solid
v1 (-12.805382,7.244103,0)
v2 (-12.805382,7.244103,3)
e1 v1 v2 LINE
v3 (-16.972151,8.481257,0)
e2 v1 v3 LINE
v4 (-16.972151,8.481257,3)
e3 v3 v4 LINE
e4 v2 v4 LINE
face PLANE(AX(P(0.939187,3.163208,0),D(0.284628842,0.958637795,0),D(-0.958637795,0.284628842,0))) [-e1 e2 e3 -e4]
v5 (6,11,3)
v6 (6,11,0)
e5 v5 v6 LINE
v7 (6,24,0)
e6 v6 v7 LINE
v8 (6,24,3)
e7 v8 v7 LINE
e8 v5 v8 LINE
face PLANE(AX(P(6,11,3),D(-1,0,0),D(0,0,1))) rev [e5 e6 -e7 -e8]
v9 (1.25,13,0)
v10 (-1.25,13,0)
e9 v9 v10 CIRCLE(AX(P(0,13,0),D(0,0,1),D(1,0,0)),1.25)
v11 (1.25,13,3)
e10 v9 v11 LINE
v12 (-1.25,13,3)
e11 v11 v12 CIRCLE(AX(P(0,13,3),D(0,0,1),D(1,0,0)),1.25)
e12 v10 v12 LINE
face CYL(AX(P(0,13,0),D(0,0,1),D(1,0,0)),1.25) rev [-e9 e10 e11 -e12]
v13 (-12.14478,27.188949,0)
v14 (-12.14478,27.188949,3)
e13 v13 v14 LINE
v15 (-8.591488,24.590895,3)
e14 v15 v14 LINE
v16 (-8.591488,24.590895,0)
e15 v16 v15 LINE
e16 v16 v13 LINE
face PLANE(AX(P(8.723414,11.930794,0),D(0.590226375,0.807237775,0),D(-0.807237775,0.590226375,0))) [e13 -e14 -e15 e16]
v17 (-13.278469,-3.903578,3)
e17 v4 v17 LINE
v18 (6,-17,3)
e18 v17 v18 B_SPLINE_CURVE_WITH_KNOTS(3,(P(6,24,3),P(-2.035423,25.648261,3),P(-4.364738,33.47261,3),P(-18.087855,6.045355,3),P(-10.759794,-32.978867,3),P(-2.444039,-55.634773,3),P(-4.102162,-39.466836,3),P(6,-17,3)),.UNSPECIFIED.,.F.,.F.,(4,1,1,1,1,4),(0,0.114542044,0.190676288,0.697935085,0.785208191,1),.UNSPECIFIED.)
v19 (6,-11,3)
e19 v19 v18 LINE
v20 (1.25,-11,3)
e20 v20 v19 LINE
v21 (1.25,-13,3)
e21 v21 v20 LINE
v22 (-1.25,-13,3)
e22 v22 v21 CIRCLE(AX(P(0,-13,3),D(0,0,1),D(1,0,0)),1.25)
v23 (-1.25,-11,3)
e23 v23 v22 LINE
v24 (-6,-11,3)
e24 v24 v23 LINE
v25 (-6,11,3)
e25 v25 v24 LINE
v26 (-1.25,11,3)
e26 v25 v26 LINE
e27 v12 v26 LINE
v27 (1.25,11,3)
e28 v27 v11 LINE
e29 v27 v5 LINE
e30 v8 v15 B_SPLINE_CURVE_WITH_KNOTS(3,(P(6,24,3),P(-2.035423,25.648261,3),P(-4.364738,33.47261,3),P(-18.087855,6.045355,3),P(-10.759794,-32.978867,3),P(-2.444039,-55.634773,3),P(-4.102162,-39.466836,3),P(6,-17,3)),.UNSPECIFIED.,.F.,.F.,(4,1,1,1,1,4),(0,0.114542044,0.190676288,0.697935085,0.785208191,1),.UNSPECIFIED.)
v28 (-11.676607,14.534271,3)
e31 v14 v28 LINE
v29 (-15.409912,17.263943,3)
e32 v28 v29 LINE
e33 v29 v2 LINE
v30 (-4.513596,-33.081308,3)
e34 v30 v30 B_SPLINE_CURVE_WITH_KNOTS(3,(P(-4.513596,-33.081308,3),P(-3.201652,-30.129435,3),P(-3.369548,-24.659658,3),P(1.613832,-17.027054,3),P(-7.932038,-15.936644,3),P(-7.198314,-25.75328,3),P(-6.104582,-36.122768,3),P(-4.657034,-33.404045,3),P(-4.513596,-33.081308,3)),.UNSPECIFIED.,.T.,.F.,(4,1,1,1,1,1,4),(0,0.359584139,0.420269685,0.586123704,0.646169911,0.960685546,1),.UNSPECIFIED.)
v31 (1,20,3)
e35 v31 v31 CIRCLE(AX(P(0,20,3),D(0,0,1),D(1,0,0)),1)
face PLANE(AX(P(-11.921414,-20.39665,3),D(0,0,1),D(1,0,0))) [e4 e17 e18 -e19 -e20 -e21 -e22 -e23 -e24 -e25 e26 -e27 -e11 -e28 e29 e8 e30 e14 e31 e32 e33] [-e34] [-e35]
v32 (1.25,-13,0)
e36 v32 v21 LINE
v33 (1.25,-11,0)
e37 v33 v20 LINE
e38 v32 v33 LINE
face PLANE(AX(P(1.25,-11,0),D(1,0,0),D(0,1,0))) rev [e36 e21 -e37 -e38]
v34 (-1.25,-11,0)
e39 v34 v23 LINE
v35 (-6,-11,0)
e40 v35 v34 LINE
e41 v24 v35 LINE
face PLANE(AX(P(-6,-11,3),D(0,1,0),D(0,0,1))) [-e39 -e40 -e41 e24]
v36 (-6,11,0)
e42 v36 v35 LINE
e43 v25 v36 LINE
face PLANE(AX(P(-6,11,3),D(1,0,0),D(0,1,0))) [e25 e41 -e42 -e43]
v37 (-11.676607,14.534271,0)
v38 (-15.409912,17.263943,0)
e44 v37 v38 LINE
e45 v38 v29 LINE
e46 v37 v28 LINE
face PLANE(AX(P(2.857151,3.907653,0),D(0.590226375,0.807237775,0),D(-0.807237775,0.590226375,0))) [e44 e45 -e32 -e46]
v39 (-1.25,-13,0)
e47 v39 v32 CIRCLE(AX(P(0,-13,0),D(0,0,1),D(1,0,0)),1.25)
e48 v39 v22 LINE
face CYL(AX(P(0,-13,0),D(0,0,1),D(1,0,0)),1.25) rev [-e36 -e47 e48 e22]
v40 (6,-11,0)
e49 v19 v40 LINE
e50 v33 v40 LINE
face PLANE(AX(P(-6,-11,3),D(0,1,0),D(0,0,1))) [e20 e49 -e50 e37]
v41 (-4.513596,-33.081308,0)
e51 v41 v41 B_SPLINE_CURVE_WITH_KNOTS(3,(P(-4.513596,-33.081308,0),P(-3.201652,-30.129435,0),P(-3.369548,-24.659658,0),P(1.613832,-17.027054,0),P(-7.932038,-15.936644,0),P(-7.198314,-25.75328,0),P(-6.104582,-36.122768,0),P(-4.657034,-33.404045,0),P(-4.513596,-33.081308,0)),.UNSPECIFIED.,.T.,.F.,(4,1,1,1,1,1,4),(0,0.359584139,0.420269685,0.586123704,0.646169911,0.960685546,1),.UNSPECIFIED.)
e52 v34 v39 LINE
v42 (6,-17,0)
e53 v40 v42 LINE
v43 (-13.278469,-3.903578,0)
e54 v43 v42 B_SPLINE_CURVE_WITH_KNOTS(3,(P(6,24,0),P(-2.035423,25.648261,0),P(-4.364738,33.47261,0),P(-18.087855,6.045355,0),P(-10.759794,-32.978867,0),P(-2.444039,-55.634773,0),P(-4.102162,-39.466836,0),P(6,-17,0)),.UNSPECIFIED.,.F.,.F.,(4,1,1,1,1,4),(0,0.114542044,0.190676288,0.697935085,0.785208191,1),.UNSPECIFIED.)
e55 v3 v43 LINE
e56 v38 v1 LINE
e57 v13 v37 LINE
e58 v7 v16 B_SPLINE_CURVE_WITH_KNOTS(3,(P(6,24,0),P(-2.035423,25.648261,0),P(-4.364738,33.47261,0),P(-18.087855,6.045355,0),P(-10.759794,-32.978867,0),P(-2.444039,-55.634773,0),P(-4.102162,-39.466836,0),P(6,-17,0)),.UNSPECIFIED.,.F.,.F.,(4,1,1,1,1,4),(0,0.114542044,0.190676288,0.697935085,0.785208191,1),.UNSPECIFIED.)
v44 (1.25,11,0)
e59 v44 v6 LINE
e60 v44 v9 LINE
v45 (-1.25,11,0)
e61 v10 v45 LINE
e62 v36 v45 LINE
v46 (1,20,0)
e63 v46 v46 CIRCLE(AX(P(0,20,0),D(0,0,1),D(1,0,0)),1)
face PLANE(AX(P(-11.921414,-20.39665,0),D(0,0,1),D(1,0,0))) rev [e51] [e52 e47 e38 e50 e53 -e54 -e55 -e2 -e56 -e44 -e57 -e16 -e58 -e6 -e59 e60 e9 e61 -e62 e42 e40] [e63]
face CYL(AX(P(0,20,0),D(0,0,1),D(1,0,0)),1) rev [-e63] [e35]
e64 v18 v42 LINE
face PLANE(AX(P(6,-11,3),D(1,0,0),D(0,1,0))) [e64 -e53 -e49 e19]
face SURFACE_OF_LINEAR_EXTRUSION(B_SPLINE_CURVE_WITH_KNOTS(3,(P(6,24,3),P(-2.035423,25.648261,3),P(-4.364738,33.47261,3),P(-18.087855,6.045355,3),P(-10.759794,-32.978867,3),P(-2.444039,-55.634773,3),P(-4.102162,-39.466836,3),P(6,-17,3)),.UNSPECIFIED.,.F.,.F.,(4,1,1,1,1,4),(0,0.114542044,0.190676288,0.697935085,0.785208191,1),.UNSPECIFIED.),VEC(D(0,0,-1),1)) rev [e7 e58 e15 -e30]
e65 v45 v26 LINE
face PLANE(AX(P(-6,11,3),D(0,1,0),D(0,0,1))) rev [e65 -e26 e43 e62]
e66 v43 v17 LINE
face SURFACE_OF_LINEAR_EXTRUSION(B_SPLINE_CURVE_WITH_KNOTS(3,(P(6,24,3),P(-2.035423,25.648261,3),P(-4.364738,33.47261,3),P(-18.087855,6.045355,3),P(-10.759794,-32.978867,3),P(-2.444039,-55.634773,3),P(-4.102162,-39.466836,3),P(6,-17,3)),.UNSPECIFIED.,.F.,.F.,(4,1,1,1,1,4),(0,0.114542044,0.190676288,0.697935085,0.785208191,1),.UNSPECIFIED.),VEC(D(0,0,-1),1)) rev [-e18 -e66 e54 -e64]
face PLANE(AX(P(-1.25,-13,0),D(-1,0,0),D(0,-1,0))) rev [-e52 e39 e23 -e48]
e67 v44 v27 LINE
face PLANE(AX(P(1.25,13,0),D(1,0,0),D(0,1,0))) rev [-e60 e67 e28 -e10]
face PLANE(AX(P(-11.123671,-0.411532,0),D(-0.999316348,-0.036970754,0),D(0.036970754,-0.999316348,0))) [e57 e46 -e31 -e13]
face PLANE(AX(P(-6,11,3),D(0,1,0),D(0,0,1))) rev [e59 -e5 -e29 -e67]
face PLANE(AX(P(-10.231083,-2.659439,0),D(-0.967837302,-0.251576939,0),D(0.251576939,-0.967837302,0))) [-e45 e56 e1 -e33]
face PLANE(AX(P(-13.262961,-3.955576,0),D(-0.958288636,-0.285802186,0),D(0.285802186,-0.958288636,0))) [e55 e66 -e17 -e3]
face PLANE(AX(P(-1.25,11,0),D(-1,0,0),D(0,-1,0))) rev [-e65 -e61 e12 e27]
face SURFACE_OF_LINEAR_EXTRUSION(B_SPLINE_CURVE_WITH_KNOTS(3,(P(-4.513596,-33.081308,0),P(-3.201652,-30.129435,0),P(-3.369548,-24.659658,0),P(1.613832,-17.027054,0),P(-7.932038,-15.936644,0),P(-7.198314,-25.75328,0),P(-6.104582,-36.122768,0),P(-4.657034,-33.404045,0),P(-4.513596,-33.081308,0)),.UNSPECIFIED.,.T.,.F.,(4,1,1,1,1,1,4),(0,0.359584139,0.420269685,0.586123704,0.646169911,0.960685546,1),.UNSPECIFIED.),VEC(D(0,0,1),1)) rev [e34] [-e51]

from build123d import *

# Parameters (mm, degrees)
BOSS_EXTRUDE1_DEPTH = 3
SKETCH2_R           = 1
CUT_EXTRUDE1_DEPTH  = 3
BOSS_EXTRUDE2_DEPTH = 3


with BuildPart() as part:
    # Sketch1 → Boss-Extrude1 (new body)
    with BuildSketch(Plane.XY):
        with BuildLine():
            Line((6, -11), (6, -17))
            add(Edge.make_bspline(
                [(6, 24), (-2.035422541, 25.648260551), (-4.364738489, 33.472609795), (-18.087854919, 6.045354672), (-10.759793685, -32.97886738), (-2.444038674, -55.634773346), (-4.102162361, -39.466836046), (6, -17)],
                knots=[0, 0, 0, 0, 0.114542044, 0.190676288, 0.697935085, 0.785208191, 1, 1, 1, 1], degree=3))
            Line((6, 24), (6, 11))
            Line((6, 11), (-6, 11))
            Line((-6, 11), (-6, -11))
            Line((-6, -11), (6, -11))
        make_face()
    extrude(amount=BOSS_EXTRUDE1_DEPTH)

    # Sketch2 → Cut-Extrude1 (cut)
    with BuildSketch(Plane.XY.offset(3)):
        with Locations((0, 20)):
            Circle(SKETCH2_R)
        with BuildLine():
            add(Edge.make_bspline(
                [(-4.513595519, -33.081307991), (-3.201652168, -30.129435451), (-3.369548093, -24.659658085), (1.613832467, -17.027054038), (-7.932038094, -15.936643899), (-7.198314235, -25.753279749), (-6.104582243, -36.122768424), (-4.657034373, -33.404045413), (-4.513595519, -33.081307991)],
                knots=[0, 0, 0, 0, 0.359584139, 0.420269685, 0.586123704, 0.646169911, 0.960685546, 1, 1, 1, 1], degree=3))
        make_face()
        with BuildLine():
            Line((1.25, 13), (1.25, 11))
            Line((1.25, 11), (-1.25, 11))
            Line((-1.25, 11), (-1.25, 13))
            ThreePointArc((-1.25, 13), (0, 14.25), (1.25, 13))
        make_face()
        with BuildLine():
            Line((-1.25, -13), (-1.25, -11))
            Line((-1.25, -11), (1.25, -11))
            Line((1.25, -11), (1.25, -13))
            ThreePointArc((1.25, -13), (0, -14.25), (-1.25, -13))
        make_face()
    extrude(amount=-CUT_EXTRUDE1_DEPTH, mode=Mode.SUBTRACT)

    # Sketch4 → Boss-Extrude2 (add)
    with BuildSketch(Plane.XY.offset(3)):
        with BuildLine():
            add(Edge.make_bspline(
                [(-11.676607019, 14.534270577), (-12.174316309, 12.157156632), (-12.545458588, 9.719152258), (-12.805382384, 7.244103444)],
                knots=[0.253882029, 0.253882029, 0.253882029, 0.253882029, 0.306471969, 0.306471969, 0.306471969, 0.306471969], degree=3))
            Line((-11.676607019, 14.534270577), (-15.409911693, 17.263943237))
            Line((-15.409911693, 17.263943237), (-12.805382384, 7.244103444))
        make_face()
        with BuildLine():
            add(Edge.make_bspline(
                [(-8.591487817, 24.590895393), (-8.838650036, 24.011350371), (-10.117192838, 20.799261888), (-11.078430158, 17.391228621), (-11.676607019, 14.534270577)],
                knots=[0.176089695, 0.176089695, 0.176089695, 0.176089695, 0.190676288, 0.253882029, 0.253882029, 0.253882029, 0.253882029], degree=3))
            Line((-8.591487817, 24.590895393), (-12.14478008, 27.18894875))
            Line((-12.14478008, 27.18894875), (-11.676607019, 14.534270577))
        make_face()
        with BuildLine():
            add(Edge.make_bspline(
                [(-12.805382384, 7.244103444), (-13.189807592, 3.583526115), (-13.330951571, -0.15808286), (-13.278469454, -3.90357759)],
                knots=[0.306471969, 0.306471969, 0.306471969, 0.306471969, 0.384252067, 0.384252067, 0.384252067, 0.384252067], degree=3))
            Line((-12.805382384, 7.244103444), (-16.972150842, 8.481257336))
            Line((-16.972150842, 8.481257336), (-13.278469454, -3.90357759))
        make_face()
    extrude(amount=-BOSS_EXTRUDE2_DEPTH)


solid = part.part
